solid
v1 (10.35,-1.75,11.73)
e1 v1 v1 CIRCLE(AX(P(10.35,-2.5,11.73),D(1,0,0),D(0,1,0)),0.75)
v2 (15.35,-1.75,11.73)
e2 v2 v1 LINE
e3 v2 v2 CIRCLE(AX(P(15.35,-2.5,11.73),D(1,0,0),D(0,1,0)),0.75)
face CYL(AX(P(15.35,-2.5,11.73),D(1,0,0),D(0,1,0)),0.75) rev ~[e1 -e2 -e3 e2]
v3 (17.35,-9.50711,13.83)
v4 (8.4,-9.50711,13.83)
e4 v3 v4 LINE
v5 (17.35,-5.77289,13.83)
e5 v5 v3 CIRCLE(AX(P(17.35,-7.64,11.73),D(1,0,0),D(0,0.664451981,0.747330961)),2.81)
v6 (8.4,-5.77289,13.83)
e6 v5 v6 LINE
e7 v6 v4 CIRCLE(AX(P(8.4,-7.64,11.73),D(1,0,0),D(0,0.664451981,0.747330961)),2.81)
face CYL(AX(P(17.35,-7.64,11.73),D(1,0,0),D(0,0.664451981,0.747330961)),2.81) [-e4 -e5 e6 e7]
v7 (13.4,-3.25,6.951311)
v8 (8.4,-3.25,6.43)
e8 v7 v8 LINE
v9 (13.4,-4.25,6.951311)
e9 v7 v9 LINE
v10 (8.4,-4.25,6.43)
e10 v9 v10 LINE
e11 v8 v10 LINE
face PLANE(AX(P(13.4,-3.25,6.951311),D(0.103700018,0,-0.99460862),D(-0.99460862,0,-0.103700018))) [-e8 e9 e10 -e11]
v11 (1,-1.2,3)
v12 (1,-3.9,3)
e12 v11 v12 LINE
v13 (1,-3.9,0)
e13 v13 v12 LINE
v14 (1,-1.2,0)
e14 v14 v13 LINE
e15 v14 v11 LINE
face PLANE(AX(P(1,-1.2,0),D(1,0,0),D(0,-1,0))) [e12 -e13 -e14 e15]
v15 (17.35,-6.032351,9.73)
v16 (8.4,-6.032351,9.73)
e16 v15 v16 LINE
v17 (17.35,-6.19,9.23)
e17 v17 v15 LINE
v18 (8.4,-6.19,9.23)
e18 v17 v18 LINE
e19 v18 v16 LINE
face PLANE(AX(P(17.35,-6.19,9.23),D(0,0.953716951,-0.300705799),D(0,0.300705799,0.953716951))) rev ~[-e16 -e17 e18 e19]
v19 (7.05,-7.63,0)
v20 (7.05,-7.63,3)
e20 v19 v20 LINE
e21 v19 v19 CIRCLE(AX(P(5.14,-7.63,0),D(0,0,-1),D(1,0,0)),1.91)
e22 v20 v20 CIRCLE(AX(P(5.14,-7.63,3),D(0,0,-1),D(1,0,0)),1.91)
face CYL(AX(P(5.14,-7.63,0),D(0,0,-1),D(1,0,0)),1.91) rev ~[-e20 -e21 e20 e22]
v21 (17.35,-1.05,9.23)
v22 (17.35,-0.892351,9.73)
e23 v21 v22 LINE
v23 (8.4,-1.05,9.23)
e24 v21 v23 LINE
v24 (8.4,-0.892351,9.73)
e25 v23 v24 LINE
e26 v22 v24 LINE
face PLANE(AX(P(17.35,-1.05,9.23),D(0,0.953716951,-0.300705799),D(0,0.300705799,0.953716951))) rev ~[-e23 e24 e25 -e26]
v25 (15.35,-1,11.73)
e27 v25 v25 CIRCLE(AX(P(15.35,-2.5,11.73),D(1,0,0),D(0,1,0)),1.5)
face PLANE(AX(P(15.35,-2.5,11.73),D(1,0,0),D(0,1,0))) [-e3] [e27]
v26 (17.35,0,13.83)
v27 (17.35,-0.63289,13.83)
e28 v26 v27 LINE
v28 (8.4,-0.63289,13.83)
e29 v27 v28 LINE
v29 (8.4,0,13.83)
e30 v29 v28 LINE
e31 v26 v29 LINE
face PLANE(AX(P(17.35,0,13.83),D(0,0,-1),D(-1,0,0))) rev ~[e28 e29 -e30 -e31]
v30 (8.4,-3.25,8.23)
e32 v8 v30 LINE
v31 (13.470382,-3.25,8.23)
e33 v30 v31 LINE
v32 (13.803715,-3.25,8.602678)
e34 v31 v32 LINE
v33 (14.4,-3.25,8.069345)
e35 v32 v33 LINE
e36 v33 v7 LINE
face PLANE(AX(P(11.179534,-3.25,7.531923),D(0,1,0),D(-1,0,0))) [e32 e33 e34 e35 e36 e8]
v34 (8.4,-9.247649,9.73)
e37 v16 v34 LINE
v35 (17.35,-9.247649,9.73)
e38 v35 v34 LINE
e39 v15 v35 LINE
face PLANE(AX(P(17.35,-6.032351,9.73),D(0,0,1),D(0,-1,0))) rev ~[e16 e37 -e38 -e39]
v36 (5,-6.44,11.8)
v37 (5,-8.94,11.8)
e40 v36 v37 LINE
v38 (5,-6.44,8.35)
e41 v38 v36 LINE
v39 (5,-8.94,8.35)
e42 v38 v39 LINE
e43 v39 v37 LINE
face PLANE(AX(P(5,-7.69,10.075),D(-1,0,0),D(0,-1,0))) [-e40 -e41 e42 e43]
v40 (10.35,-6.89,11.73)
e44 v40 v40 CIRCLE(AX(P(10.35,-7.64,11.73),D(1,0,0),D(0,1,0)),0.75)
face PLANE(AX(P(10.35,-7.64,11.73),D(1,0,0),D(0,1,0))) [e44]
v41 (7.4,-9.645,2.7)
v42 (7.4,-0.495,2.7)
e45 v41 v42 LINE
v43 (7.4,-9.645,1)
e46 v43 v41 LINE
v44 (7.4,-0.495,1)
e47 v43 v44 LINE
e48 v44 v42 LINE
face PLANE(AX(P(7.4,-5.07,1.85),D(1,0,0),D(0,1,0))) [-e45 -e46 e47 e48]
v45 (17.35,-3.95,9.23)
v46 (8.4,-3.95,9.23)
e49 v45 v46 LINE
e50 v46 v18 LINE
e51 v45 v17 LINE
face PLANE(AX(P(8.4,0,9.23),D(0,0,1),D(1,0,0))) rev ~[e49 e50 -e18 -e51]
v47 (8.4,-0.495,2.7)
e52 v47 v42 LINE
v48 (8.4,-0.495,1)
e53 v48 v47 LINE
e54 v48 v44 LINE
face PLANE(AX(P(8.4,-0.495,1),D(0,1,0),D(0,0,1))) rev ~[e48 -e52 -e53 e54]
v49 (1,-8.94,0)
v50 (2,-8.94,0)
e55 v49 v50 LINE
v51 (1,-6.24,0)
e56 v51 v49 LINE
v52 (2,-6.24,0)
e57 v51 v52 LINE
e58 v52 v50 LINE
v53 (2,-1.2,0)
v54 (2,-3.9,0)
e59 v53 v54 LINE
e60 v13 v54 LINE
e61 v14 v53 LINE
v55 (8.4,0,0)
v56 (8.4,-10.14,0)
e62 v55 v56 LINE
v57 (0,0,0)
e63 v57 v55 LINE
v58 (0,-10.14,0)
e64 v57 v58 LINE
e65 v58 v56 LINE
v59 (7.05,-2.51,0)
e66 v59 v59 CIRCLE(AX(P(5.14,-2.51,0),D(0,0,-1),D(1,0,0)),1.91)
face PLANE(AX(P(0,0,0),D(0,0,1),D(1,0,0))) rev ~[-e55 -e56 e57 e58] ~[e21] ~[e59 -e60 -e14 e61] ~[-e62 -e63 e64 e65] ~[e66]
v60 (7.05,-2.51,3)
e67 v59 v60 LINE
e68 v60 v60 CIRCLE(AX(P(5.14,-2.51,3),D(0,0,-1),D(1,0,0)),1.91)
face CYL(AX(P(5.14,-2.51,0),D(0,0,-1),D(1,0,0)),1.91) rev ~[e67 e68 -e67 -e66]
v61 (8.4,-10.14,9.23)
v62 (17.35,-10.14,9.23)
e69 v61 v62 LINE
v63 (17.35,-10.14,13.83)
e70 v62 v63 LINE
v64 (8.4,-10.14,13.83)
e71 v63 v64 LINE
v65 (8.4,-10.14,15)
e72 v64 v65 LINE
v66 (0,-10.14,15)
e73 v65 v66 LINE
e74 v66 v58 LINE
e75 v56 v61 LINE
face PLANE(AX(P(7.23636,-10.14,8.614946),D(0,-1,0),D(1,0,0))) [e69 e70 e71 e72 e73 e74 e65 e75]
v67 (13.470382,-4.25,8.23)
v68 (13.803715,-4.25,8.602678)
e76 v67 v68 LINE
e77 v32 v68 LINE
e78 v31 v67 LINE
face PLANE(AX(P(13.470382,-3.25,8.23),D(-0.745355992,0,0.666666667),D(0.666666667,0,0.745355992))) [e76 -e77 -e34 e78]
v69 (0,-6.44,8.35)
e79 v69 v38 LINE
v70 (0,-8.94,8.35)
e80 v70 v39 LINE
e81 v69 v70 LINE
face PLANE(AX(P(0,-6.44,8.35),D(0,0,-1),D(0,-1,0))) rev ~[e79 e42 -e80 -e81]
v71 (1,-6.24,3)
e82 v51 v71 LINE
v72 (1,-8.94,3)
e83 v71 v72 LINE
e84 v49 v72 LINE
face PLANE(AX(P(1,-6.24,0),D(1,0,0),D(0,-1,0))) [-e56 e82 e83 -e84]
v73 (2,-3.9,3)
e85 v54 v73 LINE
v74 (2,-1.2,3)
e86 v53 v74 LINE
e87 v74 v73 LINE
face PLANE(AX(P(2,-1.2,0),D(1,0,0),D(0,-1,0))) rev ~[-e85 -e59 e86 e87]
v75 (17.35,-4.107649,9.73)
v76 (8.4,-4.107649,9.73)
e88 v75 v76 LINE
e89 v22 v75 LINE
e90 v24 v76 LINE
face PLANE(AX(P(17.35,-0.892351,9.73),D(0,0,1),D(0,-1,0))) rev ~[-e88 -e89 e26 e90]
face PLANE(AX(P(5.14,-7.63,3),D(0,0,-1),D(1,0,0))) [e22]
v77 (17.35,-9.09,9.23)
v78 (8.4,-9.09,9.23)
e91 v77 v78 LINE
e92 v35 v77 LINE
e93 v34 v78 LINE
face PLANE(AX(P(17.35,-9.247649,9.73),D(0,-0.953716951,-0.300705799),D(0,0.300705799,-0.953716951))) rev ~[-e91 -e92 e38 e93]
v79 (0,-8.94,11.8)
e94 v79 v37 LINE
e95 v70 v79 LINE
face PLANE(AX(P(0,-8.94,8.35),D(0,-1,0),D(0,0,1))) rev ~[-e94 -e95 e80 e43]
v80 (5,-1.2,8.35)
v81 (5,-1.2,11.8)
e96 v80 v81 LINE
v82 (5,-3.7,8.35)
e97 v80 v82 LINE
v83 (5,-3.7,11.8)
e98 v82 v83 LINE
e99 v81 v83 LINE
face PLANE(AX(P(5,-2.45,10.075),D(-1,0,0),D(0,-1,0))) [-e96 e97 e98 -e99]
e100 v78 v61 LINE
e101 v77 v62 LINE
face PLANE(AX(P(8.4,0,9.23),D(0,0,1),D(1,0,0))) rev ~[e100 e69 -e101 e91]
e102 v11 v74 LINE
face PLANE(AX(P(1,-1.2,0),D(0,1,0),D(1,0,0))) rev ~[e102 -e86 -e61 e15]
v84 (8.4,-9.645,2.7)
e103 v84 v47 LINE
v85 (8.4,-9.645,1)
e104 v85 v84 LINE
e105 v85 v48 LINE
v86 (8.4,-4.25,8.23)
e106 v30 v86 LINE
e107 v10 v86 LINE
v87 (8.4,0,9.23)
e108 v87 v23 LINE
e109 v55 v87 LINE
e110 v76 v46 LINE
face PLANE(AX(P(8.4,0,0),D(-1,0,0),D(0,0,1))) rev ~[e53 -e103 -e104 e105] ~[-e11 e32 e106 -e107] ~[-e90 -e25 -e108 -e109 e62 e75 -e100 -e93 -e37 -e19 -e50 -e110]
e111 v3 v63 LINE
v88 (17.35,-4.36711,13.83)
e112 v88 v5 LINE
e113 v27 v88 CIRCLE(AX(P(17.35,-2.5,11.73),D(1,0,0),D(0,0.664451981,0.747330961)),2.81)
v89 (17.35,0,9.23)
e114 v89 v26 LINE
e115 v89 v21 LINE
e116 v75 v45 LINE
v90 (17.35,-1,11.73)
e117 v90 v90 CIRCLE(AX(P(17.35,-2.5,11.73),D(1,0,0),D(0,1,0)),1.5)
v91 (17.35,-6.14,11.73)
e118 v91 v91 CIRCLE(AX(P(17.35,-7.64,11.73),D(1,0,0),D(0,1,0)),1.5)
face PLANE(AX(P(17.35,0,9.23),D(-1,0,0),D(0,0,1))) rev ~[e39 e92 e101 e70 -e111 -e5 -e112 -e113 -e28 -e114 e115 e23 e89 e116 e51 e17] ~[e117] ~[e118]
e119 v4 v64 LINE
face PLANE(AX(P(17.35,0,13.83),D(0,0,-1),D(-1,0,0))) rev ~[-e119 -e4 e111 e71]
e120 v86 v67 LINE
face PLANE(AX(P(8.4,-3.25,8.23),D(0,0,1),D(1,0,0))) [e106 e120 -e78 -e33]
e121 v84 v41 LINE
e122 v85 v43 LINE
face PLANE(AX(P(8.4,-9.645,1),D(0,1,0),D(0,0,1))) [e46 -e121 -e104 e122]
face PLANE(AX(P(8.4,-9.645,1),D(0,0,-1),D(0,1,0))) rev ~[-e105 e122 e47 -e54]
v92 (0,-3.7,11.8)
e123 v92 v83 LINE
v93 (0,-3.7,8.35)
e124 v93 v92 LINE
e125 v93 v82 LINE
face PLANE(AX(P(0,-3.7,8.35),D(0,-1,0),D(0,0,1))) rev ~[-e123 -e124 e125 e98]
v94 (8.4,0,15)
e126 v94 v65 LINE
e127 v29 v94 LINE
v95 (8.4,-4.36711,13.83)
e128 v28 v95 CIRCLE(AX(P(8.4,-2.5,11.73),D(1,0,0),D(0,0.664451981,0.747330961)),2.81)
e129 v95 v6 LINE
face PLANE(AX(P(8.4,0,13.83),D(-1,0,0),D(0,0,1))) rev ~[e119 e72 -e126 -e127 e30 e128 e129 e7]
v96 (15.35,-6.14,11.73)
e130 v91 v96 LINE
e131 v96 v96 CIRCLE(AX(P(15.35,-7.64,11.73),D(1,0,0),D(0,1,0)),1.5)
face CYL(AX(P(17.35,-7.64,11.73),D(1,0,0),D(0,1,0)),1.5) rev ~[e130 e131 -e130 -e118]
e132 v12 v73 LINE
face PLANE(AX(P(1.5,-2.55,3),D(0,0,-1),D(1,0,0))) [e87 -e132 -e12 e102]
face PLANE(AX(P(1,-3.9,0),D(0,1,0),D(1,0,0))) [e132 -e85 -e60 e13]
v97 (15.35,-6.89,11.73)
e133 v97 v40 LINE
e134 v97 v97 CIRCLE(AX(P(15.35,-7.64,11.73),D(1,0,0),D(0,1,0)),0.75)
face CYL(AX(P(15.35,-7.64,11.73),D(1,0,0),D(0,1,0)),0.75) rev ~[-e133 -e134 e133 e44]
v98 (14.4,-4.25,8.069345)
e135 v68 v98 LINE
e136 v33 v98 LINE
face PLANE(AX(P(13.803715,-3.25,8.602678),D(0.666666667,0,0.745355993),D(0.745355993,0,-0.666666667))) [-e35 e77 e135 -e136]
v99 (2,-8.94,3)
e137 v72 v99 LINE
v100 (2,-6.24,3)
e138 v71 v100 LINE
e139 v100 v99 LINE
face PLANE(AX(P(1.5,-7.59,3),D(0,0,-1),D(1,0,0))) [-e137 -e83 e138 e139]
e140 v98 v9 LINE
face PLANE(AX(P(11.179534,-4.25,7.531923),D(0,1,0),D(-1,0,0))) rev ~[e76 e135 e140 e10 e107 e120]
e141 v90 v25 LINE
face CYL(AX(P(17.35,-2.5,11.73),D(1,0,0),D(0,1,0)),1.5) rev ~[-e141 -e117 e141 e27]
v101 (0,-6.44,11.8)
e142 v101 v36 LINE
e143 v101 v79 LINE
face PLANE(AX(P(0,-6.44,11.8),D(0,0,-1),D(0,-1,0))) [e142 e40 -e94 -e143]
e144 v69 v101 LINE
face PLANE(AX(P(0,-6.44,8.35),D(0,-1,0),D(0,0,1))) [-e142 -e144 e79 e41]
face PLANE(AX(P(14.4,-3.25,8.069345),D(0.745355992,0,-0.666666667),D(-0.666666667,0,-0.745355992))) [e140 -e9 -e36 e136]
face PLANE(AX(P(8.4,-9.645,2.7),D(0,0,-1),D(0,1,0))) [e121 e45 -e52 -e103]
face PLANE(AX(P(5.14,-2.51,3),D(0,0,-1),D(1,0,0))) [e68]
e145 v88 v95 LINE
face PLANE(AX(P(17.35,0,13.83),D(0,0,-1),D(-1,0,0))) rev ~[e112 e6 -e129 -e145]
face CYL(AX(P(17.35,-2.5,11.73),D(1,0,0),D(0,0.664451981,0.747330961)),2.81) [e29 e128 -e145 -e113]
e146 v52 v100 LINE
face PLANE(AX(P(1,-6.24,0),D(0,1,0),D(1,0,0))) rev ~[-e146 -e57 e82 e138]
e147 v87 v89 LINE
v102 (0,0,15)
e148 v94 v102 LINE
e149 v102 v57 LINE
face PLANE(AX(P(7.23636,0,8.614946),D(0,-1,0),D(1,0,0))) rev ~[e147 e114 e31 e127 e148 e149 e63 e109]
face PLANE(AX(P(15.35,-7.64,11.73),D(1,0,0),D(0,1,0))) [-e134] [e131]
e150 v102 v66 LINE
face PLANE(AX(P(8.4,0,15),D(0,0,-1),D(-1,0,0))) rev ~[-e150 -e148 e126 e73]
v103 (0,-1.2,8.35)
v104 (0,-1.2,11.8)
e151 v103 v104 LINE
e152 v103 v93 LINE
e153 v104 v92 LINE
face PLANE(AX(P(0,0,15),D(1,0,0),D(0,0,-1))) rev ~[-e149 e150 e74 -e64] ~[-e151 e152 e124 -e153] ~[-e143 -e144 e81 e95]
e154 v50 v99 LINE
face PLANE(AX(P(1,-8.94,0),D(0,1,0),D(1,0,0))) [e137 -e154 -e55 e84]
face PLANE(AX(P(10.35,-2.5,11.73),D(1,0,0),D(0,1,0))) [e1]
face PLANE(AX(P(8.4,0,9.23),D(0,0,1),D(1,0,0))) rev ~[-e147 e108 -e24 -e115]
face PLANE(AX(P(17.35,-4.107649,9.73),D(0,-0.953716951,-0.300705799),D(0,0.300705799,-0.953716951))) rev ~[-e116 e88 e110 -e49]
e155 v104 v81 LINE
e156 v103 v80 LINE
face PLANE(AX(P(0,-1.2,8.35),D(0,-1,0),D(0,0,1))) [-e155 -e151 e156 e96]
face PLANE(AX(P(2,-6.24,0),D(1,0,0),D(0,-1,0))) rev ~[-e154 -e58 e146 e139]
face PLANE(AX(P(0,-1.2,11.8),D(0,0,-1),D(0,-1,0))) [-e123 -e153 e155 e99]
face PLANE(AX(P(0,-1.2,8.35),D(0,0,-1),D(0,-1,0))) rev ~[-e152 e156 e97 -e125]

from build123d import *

# Parameters (mm, degrees)
F1_DEPTH  = 10.14
F2_R      = 1.91
F2_W      = 1
F2_H      = 2.7
F3_DEPTH  = 3
F4_W      = 2.5
F4_H      = 3.45
F5_DEPTH  = 5
F6_R      = 1.5
F7_DEPTH  = 2
F9_DEPTH  = 8.95
F11_DEPTH = 8.95
F12_R     = 0.75
F13_DEPTH = 5
F14_R     = 0.75
F15_DEPTH = 5
F16_W     = 9.15
F16_H     = 1.7
F17_DEPTH = 1
F20_DEPTH = 1


with BuildPart() as f1:
    # F0 (on Front) → F1 (new body)
    with BuildSketch(Plane.XZ):
        Polygon((8.4, 15), (0, 15), (0, 0), (8.4, 0), (8.4, 9.23), (17.35, 9.23), (17.35, 13.83), (8.4, 13.83), align=None)
    extrude(amount=F1_DEPTH)

    # F2 (on face) → F3 (cut)
    with BuildSketch(Plane(origin=(0, 0, 0), x_dir=(1, 0, 0), z_dir=(0, 0, -1))):
        with Locations((5.14, 2.51)):
            Circle(F2_R)
        with Locations((5.14, 7.63)):
            Circle(F2_R)
        with Locations((1.5, 2.55)):
            Rectangle(F2_W, F2_H)
        with Locations((1.5, 7.59)):
            Rectangle(F2_W, F2_H)
    extrude(amount=-F3_DEPTH, mode=Mode.SUBTRACT)

    # F4 (on face) → F5 (cut)
    with BuildSketch(Plane(origin=(0, 0, 0), x_dir=(0, -1, 0), z_dir=(-1, 0, 0))):
        with Locations((7.69, 10.075)):
            Rectangle(F4_W, F4_H)
        with Locations((2.45, 10.075)):
            Rectangle(F4_W, F4_H)
    extrude(amount=-F5_DEPTH, mode=Mode.SUBTRACT)

    # F6 (on face) → F7 (cut)
    with BuildSketch(Plane.YZ.offset(17.35)):
        with Locations((-2.5, 11.73)):
            Circle(F6_R)
        with Locations((-7.64, 11.73)):
            Circle(F6_R)
    extrude(amount=-F7_DEPTH, mode=Mode.SUBTRACT)

    # F8 (on face) → F9 (cut)
    with BuildSketch(Plane.YZ.offset(17.35)):
        Polygon((-9.2476493944, 9.73), (-9.09, 9.23), (-7.64, 9.23), (-7.64, 9.73), align=None)
        Polygon((-7.64, 9.73), (-7.64, 9.23), (-6.19, 9.23), (-6.0323506056, 9.73), align=None)
        Polygon((-1.05, 9.23), (-0.8923506056, 9.73), (-4.1076493944, 9.73), (-3.95, 9.23), align=None)
    extrude(amount=-F9_DEPTH, mode=Mode.SUBTRACT)

    # F10 (on face) → F11 (join, through all)
    with BuildSketch(Plane.YZ.offset(17.35)):
        with BuildLine():
            Line((-9.5071100664, 13.83), (-5.7728899336, 13.83))
            ThreePointArc((-5.7728899336, 13.83), (-7.64, 14.54), (-9.5071100664, 13.83))
        make_face()
        with BuildLine():
            ThreePointArc((-0.6328899336, 13.83), (-2.5, 14.54), (-4.3671100664, 13.83))
            Line((-4.3671100664, 13.83), (-0.6328899336, 13.83))
        make_face()
    extrude(amount=-F11_DEPTH)

    # F12 (on face) → F13 (cut)
    with BuildSketch(Plane.YZ.offset(15.35)):
        with Locations((-7.64, 11.73)):
            Circle(F12_R)
    extrude(amount=-F13_DEPTH, mode=Mode.SUBTRACT)

    # F14 (on face) → F15 (cut)
    with BuildSketch(Plane.YZ.offset(15.35)):
        with Locations((-2.5, 11.73)):
            Circle(F14_R)
    extrude(amount=-F15_DEPTH, mode=Mode.SUBTRACT)

    # F16 (on face) → F17 (cut)
    with BuildSketch(Plane.YZ.offset(8.4)):
        with Locations((-5.07, 1.85)):
            Rectangle(F16_W, F16_H)
    extrude(amount=-F17_DEPTH, mode=Mode.SUBTRACT)

    # F19 (on offset) → F20 (join)
    with BuildSketch(Plane(origin=(0, -3.25, 0), x_dir=(-1, 0, 0), z_dir=(0, 1, 0))):
        Polygon((-8.4, 6.43), (-8.4, 8.23), (-13.4703818727, 8.23), (-13.803715206, 8.6026779962), (-14.4, 8.0693446629), (-13.4, 6.9513106742), align=None)
    extrude(amount=-F20_DEPTH)


solid = f1.part
